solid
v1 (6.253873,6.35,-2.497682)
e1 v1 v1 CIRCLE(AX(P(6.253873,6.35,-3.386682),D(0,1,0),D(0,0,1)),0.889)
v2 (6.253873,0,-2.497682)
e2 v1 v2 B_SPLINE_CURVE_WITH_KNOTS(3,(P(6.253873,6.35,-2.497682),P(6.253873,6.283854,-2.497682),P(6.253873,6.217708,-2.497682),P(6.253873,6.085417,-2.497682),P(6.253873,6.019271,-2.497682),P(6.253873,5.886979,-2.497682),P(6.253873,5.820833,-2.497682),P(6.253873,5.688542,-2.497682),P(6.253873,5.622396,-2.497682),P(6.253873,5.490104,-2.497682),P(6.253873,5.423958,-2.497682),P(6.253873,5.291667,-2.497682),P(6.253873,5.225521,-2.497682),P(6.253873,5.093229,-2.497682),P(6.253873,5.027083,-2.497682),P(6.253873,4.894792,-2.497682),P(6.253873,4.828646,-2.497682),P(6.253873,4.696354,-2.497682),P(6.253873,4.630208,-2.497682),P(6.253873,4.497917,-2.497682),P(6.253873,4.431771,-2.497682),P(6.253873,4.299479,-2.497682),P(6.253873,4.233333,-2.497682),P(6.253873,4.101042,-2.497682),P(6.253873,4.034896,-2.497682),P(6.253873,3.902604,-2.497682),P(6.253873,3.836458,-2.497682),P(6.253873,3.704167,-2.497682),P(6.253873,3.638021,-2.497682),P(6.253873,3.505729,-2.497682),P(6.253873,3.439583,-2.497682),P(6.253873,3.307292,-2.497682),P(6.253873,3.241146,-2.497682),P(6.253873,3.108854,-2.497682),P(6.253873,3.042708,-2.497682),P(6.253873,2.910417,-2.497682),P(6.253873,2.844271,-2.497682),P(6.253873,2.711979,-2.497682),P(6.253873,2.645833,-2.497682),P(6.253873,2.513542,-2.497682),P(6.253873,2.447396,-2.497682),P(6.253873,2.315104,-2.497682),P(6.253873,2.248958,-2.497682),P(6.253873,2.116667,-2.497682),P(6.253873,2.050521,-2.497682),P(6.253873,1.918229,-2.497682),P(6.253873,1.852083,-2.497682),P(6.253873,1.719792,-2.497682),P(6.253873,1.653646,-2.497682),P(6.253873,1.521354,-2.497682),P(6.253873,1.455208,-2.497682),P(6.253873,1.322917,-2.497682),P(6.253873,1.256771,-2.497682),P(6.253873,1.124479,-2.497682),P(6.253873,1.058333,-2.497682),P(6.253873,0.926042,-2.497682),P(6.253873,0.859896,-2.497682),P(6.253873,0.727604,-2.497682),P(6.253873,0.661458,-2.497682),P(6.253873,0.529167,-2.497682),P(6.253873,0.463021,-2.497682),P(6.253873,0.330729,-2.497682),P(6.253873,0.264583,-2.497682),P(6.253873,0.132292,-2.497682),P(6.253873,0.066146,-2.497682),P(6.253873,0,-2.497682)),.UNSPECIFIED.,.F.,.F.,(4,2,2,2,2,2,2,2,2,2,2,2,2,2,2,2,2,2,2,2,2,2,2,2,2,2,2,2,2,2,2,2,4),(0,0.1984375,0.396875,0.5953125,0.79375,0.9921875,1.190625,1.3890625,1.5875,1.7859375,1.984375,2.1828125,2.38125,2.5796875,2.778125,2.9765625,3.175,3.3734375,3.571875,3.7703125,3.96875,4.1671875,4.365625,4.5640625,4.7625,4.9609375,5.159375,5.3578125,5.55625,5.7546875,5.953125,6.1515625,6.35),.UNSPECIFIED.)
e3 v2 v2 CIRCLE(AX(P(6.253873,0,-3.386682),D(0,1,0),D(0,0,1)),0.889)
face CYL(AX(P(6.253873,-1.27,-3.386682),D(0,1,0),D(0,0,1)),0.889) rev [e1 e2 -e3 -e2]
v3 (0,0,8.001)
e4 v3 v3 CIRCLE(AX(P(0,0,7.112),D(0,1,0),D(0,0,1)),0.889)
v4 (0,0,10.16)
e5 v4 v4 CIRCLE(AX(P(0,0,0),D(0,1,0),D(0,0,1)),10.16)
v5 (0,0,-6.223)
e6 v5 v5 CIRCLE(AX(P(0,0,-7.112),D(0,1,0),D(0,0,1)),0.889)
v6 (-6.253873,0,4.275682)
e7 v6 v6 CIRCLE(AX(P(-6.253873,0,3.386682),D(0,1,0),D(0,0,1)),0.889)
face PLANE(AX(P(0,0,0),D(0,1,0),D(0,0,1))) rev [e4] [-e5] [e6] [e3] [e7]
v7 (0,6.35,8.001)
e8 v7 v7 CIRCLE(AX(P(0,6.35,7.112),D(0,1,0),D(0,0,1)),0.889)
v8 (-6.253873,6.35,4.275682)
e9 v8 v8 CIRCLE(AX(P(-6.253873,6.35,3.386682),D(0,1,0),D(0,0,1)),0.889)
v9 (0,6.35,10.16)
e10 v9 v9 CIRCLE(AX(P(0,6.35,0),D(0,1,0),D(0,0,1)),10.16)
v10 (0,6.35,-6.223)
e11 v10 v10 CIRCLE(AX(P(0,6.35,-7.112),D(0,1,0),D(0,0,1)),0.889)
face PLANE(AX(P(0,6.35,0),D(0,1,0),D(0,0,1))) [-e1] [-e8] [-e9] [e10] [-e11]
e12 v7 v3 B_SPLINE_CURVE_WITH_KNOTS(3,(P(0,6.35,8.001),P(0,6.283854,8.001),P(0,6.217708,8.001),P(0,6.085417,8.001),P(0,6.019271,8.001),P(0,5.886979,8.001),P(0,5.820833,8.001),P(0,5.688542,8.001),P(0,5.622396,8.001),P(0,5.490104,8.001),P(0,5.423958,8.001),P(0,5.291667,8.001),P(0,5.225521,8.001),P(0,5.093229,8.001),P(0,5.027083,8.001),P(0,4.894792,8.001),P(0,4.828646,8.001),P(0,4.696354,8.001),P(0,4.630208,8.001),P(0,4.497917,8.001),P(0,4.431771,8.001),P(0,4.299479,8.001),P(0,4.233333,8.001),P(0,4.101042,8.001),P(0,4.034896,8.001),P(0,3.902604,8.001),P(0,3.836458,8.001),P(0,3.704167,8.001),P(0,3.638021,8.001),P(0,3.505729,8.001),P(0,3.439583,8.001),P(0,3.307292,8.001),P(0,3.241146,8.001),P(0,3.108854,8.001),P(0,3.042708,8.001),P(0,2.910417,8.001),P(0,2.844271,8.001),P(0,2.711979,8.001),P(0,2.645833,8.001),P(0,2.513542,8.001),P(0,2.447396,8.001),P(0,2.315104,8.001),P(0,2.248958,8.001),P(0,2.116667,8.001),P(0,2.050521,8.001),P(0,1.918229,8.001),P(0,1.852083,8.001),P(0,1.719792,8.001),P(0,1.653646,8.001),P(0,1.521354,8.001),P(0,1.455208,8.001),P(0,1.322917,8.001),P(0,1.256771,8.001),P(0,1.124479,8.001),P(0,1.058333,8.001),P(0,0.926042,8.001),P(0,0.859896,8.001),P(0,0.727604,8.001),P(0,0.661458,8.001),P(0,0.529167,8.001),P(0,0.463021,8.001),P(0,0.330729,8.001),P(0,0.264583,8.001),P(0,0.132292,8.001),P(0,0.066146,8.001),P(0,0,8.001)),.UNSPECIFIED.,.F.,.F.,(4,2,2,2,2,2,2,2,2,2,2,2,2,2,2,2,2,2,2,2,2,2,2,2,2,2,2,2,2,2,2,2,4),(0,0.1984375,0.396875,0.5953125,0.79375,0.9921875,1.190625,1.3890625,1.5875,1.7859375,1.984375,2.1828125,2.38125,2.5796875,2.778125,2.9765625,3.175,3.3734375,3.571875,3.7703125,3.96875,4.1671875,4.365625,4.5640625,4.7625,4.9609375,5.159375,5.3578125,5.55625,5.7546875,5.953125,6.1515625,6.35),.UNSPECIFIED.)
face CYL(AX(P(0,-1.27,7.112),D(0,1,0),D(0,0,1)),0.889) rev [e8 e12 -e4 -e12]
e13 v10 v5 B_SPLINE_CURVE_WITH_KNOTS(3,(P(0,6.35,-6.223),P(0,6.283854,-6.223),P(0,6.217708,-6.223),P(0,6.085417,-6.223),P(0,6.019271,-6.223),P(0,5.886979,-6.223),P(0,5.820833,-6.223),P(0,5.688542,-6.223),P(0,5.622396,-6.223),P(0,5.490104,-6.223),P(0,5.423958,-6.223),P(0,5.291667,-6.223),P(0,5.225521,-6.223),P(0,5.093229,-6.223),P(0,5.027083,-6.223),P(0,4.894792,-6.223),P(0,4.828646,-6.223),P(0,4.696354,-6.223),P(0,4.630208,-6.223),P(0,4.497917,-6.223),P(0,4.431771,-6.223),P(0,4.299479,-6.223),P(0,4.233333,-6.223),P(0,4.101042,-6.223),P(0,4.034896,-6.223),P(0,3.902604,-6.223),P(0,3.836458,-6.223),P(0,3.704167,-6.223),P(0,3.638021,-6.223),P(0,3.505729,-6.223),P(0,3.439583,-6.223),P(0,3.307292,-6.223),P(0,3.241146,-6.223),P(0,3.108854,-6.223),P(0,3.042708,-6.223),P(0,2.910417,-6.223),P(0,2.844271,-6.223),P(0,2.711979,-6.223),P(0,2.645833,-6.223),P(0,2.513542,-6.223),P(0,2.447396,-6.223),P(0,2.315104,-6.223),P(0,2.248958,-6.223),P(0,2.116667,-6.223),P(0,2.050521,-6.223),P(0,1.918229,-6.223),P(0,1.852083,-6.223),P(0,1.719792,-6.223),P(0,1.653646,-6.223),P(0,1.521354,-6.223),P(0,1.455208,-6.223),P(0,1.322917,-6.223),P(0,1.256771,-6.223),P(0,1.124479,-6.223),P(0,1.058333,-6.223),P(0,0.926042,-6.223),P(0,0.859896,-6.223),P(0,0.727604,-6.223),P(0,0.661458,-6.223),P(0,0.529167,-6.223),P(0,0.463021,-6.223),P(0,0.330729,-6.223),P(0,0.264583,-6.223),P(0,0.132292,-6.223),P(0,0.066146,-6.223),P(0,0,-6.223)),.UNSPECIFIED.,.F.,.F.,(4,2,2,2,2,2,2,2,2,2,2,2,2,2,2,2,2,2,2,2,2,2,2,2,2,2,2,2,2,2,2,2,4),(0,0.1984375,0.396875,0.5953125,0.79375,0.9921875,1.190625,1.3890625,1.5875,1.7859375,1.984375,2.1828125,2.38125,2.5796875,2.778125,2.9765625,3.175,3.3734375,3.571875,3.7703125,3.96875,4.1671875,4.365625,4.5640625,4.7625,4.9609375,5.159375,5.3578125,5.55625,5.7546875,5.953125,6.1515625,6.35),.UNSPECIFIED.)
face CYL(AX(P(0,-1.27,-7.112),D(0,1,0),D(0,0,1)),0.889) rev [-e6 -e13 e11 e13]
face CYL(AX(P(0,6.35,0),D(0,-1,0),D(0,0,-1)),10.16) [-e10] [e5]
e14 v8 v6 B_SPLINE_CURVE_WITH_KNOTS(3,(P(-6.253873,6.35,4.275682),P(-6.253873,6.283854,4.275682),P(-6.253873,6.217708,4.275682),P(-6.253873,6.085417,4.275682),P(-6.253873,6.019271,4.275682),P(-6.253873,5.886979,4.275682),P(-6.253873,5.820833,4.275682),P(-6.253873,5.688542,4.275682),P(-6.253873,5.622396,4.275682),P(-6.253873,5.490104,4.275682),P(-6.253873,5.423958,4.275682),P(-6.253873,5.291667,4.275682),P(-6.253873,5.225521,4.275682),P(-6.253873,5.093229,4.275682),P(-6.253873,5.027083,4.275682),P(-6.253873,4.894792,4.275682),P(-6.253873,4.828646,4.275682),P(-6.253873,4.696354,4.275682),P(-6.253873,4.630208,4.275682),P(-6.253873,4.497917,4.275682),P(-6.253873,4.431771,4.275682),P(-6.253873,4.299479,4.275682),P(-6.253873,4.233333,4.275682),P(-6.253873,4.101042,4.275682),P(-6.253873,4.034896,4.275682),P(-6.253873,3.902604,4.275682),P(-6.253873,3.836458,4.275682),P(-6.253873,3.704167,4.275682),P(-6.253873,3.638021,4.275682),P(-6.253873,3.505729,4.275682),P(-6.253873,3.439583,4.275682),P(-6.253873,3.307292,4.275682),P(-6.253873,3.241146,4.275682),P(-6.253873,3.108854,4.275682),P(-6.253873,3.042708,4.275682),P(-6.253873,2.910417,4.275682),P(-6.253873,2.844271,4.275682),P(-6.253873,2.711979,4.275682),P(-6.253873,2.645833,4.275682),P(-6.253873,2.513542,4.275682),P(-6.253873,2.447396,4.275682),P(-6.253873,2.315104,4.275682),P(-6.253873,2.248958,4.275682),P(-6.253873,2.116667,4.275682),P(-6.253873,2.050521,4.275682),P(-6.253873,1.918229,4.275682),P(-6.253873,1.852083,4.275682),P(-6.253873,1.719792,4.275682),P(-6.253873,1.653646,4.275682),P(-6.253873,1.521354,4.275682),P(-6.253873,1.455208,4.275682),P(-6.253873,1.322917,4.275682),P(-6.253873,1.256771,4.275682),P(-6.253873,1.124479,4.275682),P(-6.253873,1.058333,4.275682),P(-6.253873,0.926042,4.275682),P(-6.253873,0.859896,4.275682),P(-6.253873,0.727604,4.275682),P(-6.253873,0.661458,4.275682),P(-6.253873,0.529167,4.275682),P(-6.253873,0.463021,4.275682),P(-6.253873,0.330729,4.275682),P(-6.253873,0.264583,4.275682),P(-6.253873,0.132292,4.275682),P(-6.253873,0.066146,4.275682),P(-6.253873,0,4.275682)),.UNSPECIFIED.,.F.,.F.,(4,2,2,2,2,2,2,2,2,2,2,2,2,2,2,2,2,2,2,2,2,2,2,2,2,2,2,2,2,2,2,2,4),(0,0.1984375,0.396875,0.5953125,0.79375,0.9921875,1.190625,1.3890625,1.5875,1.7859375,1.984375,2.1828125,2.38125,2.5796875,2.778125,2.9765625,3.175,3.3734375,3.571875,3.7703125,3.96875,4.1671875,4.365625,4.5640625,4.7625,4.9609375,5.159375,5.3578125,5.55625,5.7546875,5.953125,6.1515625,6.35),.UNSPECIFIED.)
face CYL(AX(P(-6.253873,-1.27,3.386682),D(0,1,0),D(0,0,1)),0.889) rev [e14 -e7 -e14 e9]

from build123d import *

# Parameters (mm, degrees)
SKETCH1_R           = 10.16
BOSS_EXTRUDE1_DEPTH = 6.35
SKETCH2_R           = 0.889
CUT_EXTRUDE3_DEPTH  = 7.62


with BuildPart() as part:
    # Sketch1 → Boss-Extrude1 (new body)
    with BuildSketch(Plane(origin=(0, 0, 0), x_dir=(1, 0, 0), z_dir=(0, 1, 0))):
        with Locations(Location((0, 0, 0), (0, 0, 270))):
            Circle(SKETCH1_R)
    extrude(amount=BOSS_EXTRUDE1_DEPTH)

    # Sketch2 → Cut-Extrude3 (cut)
    with BuildSketch(Plane(origin=(0, 6.35, 0), x_dir=(1, 0, 0), z_dir=(0, 1, 0))):
        with Locations(Location((0, -7.112, 0), (0, 0, 270))):
            Circle(SKETCH2_R)
        with Locations(Location((0, 7.112, 0), (0, 0, 270))):
            Circle(SKETCH2_R)
        with Locations(Location((-6.253873085, -3.38668207, 0), (0, 0, 270))):
            Circle(SKETCH2_R)
        with Locations(Location((6.253873085, 3.38668207, 0), (0, 0, 270))):
            Circle(SKETCH2_R)
    extrude(amount=-CUT_EXTRUDE3_DEPTH, mode=Mode.SUBTRACT)


solid = part.part
